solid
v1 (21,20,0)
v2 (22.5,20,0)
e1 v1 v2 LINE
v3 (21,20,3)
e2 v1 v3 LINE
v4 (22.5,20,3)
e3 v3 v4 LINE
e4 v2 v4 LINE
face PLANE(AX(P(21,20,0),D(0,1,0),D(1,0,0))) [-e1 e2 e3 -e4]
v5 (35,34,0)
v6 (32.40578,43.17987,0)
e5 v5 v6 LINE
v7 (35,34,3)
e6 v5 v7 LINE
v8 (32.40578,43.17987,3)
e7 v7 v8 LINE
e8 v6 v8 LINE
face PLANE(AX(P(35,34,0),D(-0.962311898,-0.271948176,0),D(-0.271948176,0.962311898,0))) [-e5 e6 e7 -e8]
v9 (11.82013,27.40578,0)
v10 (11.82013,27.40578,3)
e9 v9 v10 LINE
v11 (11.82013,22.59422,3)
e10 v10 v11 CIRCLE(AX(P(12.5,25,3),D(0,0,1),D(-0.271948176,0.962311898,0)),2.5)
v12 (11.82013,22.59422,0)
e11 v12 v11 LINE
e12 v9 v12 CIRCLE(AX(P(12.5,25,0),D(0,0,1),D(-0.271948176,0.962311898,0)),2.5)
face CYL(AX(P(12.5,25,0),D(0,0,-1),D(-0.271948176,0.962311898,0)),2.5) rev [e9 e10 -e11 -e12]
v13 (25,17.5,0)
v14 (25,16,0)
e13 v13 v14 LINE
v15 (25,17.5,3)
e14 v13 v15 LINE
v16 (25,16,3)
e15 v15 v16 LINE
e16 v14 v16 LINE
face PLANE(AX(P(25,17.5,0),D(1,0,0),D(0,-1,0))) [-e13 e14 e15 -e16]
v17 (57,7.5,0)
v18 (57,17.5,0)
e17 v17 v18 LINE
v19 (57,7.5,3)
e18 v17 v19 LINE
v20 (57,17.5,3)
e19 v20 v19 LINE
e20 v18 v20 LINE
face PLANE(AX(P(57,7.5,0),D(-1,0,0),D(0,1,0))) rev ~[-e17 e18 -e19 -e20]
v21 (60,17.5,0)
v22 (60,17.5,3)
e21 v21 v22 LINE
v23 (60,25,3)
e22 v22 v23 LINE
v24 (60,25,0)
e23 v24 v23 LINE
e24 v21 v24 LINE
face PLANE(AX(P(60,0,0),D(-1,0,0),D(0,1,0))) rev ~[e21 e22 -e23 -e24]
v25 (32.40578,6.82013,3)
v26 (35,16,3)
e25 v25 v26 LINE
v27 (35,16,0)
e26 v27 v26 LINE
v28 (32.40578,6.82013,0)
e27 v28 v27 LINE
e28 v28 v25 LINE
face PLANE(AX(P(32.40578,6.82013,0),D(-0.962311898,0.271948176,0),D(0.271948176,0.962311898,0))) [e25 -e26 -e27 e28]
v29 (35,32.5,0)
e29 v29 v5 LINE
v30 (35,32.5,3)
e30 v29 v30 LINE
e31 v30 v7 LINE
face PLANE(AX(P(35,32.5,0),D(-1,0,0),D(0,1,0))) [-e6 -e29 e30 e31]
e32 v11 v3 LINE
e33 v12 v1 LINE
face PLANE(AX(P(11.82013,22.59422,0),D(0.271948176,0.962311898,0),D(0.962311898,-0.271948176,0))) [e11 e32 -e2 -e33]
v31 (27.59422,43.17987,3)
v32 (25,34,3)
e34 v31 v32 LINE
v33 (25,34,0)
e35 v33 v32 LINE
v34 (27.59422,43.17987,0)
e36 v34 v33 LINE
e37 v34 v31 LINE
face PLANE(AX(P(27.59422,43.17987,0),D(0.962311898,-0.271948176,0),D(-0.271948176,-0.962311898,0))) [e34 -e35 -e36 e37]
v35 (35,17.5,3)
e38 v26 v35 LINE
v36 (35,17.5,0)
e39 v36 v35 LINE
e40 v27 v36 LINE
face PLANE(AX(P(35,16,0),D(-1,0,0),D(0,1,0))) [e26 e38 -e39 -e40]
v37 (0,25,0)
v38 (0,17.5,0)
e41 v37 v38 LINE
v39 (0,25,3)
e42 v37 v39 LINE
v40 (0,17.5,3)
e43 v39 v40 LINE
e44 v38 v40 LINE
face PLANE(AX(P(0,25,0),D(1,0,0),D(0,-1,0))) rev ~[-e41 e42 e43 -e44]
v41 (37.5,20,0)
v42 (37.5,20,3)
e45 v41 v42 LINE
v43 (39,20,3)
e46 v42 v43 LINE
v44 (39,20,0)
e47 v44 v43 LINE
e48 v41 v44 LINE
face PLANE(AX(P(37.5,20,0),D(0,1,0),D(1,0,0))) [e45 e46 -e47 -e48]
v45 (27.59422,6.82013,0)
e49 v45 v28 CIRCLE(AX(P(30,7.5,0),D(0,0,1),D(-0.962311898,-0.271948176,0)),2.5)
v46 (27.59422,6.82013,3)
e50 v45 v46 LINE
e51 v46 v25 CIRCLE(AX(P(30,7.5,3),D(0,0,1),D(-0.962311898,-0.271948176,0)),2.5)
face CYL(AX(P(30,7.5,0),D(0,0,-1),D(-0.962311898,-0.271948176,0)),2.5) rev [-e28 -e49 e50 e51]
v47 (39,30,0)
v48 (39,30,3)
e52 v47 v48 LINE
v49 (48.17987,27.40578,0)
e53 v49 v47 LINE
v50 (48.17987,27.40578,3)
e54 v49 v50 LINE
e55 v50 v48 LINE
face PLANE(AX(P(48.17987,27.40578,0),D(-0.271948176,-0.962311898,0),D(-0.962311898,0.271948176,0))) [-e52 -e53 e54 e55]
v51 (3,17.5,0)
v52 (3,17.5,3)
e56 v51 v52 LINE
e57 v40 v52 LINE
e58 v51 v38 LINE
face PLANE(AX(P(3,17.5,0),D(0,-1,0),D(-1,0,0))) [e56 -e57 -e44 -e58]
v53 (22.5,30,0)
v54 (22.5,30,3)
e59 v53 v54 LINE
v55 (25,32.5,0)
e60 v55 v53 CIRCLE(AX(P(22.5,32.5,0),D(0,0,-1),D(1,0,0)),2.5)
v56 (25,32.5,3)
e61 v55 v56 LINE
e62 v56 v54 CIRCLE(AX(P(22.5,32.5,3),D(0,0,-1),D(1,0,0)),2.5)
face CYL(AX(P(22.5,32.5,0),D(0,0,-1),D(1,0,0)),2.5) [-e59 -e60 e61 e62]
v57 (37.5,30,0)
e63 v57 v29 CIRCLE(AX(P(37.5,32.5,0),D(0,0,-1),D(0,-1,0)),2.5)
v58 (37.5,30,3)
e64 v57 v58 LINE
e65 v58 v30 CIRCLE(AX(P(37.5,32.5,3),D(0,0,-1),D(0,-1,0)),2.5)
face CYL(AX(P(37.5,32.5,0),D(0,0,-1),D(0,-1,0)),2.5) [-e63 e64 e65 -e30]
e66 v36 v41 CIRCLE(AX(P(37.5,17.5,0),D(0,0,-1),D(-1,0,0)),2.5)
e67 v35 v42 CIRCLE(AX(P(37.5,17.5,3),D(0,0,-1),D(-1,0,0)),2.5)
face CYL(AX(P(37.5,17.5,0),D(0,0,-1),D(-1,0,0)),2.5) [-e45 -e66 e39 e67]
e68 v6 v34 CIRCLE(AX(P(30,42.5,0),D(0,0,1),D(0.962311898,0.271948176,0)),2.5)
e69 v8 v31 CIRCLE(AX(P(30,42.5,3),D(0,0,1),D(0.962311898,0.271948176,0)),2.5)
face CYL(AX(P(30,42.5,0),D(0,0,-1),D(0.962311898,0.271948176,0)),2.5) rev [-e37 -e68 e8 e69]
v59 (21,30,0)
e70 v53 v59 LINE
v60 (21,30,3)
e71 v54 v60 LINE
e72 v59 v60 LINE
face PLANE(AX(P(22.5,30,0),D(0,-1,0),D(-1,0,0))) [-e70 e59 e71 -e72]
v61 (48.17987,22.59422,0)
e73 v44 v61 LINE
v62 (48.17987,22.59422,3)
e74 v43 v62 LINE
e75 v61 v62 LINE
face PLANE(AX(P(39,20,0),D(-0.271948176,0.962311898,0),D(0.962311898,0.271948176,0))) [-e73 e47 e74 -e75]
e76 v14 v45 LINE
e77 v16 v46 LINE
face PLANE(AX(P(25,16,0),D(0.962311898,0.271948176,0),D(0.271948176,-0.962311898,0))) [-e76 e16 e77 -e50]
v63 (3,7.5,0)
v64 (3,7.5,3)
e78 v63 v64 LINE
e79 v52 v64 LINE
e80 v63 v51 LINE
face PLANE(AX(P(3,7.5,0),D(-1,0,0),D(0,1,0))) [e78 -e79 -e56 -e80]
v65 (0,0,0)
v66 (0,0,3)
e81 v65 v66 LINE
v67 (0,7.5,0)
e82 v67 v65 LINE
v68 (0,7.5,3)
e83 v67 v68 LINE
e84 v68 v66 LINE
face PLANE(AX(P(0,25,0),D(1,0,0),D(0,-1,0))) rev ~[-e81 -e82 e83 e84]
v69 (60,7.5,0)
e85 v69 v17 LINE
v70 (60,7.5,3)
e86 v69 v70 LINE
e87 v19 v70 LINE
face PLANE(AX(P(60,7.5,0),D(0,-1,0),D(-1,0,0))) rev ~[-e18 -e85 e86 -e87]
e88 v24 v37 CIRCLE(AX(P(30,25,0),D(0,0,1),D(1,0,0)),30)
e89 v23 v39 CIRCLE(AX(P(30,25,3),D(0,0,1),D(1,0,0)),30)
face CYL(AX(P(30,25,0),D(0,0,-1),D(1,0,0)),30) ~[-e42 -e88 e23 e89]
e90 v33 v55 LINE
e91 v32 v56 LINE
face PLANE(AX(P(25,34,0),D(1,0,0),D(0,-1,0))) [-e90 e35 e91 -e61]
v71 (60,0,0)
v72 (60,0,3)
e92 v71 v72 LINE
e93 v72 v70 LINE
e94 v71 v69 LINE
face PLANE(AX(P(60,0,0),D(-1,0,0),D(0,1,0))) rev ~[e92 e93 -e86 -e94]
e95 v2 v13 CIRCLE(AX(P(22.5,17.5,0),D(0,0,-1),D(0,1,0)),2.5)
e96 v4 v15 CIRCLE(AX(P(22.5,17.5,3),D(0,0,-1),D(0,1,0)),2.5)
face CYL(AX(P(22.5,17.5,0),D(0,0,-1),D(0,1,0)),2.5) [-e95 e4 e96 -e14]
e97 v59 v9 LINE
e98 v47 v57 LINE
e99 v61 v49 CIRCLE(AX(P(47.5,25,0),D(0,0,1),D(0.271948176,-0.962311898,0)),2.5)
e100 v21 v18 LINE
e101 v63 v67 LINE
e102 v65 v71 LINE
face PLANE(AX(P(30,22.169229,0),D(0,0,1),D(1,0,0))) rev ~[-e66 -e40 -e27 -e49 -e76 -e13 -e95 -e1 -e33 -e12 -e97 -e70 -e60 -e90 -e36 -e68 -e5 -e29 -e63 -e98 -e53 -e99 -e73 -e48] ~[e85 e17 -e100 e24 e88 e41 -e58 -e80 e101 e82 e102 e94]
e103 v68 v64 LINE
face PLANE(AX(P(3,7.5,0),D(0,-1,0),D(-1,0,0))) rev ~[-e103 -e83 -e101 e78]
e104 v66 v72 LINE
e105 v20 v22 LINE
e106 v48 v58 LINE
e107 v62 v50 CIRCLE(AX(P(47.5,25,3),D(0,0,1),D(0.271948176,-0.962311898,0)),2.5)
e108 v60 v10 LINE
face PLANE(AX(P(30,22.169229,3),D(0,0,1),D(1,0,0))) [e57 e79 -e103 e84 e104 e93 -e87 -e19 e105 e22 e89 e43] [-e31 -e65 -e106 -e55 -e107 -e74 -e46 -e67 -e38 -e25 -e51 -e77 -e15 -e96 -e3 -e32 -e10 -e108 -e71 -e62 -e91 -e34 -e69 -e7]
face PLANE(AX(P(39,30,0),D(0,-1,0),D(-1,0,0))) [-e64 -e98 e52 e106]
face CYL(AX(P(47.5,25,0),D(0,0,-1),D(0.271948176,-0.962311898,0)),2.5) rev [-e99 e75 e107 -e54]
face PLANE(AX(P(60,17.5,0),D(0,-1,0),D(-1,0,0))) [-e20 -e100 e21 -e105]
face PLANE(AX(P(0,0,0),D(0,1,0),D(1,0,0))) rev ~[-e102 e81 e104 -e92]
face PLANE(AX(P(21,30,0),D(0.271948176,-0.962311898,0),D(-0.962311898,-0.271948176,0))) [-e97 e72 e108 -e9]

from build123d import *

# Parameters (mm, degrees)
BOSS_EXTRUDE1_DEPTH = 3
SKETCH2_W           = 3
SKETCH2_H           = 10
CUT_EXTRUDE1_DEPTH  = 82.449370777


with BuildPart() as part:
    # Sketch1 → Boss-Extrude1 (new body)
    with BuildSketch(Plane.XY):
        with BuildLine():
            Line((0, 0), (60, 0))
            Line((60, 0), (60, 25))
            ThreePointArc((60, 25), (30, 55), (0, 25))
            Line((0, 25), (0, 0))
        make_face()
        with BuildLine():
            Line((37.5, 20), (39, 20))
            Line((39, 20), (48.179870439, 22.594220254))
            ThreePointArc((48.179870439, 22.594220254), (50, 25), (48.179870439, 27.405779746))
            Line((48.179870439, 27.405779746), (39, 30))
            Line((39, 30), (37.5, 30))
            ThreePointArc((37.5, 30), (35.732233047, 30.732233047), (35, 32.5))
            Line((35, 32.5), (35, 34))
            Line((35, 34), (32.405779746, 43.179870439))
            ThreePointArc((32.405779746, 43.179870439), (30, 45), (27.594220254, 43.179870439))
            Line((27.594220254, 43.179870439), (25, 34))
            Line((25, 34), (25, 32.5))
            ThreePointArc((25, 32.5), (24.267766953, 30.732233047), (22.5, 30))
            Line((22.5, 30), (21, 30))
            Line((21, 30), (11.820129561, 27.405779746))
            ThreePointArc((11.820129561, 27.405779746), (10, 25), (11.820129561, 22.594220254))
            Line((11.820129561, 22.594220254), (21, 20))
            Line((21, 20), (22.5, 20))
            ThreePointArc((22.5, 20), (24.267766953, 19.267766953), (25, 17.5))
            Line((25, 17.5), (25, 16))
            Line((25, 16), (27.594220254, 6.820129561))
            ThreePointArc((27.594220254, 6.820129561), (30, 5), (32.405779746, 6.820129561))
            Line((32.405779746, 6.820129561), (35, 16))
            Line((35, 16), (35, 17.5))
            ThreePointArc((35, 17.5), (35.732233047, 19.267766953), (37.5, 20))
        make_face(mode=Mode.SUBTRACT)
    extrude(amount=BOSS_EXTRUDE1_DEPTH)

    # Sketch2 → Cut-Extrude1 (cut, through all)
    with BuildSketch(Plane(origin=(0, 0, 0), x_dir=(-1, 0, 0), z_dir=(0, 0, -1))):
        with Locations((-58.5, 12.5)):
            Rectangle(SKETCH2_W, SKETCH2_H)
        with Locations((-1.5, 12.5)):
            Rectangle(SKETCH2_W, SKETCH2_H)
    extrude(amount=-CUT_EXTRUDE1_DEPTH, mode=Mode.SUBTRACT)


solid = part.part
